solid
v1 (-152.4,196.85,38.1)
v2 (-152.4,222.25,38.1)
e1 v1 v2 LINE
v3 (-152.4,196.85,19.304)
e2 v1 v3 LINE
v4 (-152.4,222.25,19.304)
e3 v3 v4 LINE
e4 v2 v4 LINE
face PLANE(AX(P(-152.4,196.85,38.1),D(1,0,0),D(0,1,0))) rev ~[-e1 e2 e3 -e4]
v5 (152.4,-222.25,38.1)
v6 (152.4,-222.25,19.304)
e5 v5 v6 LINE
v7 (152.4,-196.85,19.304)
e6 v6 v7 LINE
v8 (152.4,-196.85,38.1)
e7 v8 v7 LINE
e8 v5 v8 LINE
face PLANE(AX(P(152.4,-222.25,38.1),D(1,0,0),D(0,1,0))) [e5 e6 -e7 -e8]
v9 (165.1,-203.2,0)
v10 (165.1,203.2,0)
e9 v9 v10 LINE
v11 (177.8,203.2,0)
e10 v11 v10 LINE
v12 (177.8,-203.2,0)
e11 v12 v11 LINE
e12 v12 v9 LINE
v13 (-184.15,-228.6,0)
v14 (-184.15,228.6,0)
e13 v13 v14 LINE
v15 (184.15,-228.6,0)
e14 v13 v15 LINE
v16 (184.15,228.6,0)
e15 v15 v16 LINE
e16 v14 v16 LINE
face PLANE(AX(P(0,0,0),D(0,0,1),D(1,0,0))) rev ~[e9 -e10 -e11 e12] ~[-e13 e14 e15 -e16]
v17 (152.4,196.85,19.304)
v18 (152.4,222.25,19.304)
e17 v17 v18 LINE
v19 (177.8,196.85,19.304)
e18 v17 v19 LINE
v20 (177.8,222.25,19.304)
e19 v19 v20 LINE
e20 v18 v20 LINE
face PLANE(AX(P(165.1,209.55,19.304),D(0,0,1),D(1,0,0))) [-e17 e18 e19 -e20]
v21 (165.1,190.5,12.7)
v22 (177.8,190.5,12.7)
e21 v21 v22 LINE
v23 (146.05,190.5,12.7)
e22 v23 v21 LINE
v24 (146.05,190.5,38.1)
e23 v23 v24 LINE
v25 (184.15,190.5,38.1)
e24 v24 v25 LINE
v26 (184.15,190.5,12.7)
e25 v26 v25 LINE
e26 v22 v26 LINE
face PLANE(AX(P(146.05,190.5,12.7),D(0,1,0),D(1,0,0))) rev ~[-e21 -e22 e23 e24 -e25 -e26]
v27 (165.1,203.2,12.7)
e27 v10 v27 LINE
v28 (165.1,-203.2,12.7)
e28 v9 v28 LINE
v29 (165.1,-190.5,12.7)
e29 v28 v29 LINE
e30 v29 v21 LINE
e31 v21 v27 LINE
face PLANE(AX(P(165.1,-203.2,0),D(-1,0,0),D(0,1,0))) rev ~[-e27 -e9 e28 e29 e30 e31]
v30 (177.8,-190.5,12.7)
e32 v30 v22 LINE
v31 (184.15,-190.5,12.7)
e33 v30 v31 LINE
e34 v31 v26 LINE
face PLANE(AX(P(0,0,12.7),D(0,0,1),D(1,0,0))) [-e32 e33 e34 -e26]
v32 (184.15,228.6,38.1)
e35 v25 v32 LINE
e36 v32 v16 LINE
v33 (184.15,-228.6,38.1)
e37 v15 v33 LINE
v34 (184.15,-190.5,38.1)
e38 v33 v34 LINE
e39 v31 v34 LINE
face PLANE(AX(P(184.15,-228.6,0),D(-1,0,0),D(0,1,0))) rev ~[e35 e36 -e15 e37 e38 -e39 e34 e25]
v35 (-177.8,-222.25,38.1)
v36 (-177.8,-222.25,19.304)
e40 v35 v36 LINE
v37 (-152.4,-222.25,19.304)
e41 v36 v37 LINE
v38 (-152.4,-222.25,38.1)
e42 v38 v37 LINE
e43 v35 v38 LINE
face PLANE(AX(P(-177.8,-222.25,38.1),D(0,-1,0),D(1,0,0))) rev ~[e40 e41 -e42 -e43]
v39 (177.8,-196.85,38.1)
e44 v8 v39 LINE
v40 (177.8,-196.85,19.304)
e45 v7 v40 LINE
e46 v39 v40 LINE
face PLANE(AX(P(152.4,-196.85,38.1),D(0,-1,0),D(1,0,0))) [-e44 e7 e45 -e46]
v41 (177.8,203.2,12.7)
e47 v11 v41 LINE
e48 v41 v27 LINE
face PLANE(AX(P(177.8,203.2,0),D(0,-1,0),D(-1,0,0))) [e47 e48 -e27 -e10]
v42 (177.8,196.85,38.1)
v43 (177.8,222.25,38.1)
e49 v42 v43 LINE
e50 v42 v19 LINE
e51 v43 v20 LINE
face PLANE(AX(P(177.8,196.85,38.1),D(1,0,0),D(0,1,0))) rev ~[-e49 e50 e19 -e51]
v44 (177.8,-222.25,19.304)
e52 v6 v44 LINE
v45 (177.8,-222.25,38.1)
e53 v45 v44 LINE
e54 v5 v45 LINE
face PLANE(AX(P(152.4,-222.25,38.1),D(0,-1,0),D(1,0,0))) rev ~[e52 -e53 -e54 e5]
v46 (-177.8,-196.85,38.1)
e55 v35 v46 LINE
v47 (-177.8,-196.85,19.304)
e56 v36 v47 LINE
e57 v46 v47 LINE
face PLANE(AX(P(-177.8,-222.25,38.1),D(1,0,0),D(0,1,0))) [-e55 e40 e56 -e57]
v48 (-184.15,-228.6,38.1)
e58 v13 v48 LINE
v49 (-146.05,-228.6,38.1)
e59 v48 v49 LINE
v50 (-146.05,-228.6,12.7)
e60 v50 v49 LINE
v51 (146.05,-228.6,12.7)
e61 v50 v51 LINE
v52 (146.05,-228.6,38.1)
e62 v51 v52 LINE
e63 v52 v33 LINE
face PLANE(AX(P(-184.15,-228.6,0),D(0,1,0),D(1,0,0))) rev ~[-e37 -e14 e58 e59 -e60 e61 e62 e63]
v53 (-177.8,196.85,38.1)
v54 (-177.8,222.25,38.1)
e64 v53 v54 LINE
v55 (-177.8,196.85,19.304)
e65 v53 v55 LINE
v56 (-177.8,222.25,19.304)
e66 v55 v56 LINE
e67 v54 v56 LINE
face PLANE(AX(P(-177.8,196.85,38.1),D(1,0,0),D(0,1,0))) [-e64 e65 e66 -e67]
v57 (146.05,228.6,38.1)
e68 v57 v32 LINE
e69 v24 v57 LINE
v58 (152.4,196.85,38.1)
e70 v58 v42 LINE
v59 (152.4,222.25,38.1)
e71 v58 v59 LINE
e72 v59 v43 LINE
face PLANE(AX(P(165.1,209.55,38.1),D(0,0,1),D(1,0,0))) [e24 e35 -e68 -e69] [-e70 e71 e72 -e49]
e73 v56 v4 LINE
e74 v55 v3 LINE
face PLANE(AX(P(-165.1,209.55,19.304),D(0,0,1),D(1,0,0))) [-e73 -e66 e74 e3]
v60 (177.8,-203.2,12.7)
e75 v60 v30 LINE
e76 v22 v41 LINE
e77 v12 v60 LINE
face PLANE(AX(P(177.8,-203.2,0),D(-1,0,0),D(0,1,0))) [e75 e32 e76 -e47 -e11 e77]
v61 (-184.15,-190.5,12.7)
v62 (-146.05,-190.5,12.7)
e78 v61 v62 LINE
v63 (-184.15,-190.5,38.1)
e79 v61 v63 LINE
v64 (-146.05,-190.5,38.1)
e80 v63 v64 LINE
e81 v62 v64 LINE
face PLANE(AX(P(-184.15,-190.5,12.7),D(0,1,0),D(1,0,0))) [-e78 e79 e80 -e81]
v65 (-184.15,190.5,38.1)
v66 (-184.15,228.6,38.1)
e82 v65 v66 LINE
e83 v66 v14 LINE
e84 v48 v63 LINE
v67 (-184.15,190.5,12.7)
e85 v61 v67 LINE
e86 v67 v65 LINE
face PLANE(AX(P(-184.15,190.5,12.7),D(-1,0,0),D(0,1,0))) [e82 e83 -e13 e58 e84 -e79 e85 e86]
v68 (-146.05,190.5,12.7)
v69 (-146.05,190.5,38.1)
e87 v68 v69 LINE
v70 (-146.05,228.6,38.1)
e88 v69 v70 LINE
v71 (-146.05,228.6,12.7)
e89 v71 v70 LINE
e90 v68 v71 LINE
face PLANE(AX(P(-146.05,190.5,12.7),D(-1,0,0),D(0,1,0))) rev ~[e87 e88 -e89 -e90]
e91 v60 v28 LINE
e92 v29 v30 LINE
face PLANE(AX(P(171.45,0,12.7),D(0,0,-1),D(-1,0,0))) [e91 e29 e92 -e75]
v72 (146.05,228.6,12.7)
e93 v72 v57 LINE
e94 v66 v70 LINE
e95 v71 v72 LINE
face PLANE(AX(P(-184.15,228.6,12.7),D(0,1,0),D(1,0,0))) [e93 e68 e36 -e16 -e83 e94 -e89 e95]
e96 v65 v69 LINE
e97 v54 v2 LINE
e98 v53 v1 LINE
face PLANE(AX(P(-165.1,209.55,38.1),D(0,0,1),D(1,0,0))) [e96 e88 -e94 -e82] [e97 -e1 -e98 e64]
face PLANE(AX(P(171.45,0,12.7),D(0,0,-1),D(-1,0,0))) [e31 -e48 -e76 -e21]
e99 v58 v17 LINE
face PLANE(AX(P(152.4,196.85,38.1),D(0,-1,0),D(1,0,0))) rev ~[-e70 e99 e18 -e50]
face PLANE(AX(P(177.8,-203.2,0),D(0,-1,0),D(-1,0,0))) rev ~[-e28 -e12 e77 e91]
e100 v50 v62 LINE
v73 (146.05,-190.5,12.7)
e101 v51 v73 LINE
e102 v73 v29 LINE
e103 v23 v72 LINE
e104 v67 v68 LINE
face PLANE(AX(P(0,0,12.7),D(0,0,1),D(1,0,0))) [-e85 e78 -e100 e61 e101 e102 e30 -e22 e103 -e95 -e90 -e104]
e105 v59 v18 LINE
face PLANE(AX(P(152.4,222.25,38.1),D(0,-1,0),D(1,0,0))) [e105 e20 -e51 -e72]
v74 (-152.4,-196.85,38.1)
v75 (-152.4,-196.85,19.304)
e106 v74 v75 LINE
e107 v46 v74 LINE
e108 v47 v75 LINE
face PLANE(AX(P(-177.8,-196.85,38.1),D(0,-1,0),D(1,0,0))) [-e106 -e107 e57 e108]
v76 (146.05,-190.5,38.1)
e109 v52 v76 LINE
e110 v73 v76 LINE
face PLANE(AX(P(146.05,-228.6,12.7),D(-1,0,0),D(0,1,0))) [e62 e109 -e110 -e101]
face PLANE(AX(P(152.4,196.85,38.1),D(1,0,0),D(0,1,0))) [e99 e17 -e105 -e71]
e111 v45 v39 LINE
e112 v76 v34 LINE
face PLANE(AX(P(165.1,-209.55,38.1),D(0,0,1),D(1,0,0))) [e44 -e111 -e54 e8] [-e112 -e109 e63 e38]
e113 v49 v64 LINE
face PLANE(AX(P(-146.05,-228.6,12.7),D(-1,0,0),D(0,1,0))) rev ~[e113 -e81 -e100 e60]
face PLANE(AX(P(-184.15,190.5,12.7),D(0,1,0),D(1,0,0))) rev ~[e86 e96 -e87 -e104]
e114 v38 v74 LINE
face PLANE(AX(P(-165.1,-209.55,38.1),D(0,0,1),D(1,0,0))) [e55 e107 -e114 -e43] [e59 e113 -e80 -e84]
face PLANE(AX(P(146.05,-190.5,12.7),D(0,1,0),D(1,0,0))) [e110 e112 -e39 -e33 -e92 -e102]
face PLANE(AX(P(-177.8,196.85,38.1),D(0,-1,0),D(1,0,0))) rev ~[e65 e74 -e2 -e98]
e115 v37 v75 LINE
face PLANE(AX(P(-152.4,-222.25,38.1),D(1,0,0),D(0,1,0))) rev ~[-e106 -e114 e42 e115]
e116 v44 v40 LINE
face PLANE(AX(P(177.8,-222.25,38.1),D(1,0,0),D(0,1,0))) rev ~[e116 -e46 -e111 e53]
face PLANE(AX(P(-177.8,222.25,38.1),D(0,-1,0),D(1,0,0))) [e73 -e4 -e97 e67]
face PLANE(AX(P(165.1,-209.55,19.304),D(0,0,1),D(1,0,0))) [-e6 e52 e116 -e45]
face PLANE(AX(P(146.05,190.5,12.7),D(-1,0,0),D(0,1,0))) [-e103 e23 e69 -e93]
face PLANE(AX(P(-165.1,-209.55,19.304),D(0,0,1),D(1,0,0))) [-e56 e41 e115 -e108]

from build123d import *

# Parameters (mm, degrees)
SKETCH1_W           = 368.3
SKETCH1_H           = 457.2
BOSS_EXTRUDE1_DEPTH = 12.7
SKETCH2_W           = 38.1
SKETCH2_H           = 38.1
BOSS_EXTRUDE2_DEPTH = 25.4
SKETCH3_W           = 25.4
SKETCH3_H           = 25.4
CUT_EXTRUDE1_DEPTH  = 18.796
SKETCH4_W           = 12.7
SKETCH4_H           = 406.4
CUT_EXTRUDE2_DEPTH  = 12.7


with BuildPart() as part:
    # Sketch1 → Boss-Extrude1 (new body)
    with BuildSketch(Plane.XY):
        Rectangle(SKETCH1_W, SKETCH1_H)
    extrude(amount=BOSS_EXTRUDE1_DEPTH)

    # Sketch2 → Boss-Extrude2 (add)
    with BuildSketch(Plane.XY.offset(12.7)):
        with Locations((-165.1, 209.55)):
            Rectangle(SKETCH2_W, SKETCH2_H)
        with Locations((-165.1, -209.55)):
            Rectangle(SKETCH2_W, SKETCH2_H)
        with Locations((165.1, -209.55)):
            Rectangle(SKETCH2_W, SKETCH2_H)
        with Locations((165.1, 209.55)):
            Rectangle(SKETCH2_W, SKETCH2_H)
    extrude(amount=BOSS_EXTRUDE2_DEPTH)

    # Sketch3 → Cut-Extrude1 (cut)
    with BuildSketch(Plane.XY.offset(38.1)):
        with Locations((-165.1, 209.55)):
            Rectangle(SKETCH3_W, SKETCH3_H)
        with Locations((165.1, -209.55)):
            Rectangle(SKETCH3_W, SKETCH3_H)
        with Locations((165.1, 209.55)):
            Rectangle(SKETCH3_W, SKETCH3_H)
        with Locations((-165.1, -209.55)):
            Rectangle(SKETCH3_W, SKETCH3_H)
    extrude(amount=-CUT_EXTRUDE1_DEPTH, mode=Mode.SUBTRACT)

    # Sketch4 → Cut-Extrude2 (cut)
    with BuildSketch(Plane(origin=(0, 0, 0), x_dir=(-1, 0, 0), z_dir=(0, 0, -1))):
        with Locations((-171.45, 0)):
            Rectangle(SKETCH4_W, SKETCH4_H)
    extrude(amount=-CUT_EXTRUDE2_DEPTH, mode=Mode.SUBTRACT)


solid = part.part
